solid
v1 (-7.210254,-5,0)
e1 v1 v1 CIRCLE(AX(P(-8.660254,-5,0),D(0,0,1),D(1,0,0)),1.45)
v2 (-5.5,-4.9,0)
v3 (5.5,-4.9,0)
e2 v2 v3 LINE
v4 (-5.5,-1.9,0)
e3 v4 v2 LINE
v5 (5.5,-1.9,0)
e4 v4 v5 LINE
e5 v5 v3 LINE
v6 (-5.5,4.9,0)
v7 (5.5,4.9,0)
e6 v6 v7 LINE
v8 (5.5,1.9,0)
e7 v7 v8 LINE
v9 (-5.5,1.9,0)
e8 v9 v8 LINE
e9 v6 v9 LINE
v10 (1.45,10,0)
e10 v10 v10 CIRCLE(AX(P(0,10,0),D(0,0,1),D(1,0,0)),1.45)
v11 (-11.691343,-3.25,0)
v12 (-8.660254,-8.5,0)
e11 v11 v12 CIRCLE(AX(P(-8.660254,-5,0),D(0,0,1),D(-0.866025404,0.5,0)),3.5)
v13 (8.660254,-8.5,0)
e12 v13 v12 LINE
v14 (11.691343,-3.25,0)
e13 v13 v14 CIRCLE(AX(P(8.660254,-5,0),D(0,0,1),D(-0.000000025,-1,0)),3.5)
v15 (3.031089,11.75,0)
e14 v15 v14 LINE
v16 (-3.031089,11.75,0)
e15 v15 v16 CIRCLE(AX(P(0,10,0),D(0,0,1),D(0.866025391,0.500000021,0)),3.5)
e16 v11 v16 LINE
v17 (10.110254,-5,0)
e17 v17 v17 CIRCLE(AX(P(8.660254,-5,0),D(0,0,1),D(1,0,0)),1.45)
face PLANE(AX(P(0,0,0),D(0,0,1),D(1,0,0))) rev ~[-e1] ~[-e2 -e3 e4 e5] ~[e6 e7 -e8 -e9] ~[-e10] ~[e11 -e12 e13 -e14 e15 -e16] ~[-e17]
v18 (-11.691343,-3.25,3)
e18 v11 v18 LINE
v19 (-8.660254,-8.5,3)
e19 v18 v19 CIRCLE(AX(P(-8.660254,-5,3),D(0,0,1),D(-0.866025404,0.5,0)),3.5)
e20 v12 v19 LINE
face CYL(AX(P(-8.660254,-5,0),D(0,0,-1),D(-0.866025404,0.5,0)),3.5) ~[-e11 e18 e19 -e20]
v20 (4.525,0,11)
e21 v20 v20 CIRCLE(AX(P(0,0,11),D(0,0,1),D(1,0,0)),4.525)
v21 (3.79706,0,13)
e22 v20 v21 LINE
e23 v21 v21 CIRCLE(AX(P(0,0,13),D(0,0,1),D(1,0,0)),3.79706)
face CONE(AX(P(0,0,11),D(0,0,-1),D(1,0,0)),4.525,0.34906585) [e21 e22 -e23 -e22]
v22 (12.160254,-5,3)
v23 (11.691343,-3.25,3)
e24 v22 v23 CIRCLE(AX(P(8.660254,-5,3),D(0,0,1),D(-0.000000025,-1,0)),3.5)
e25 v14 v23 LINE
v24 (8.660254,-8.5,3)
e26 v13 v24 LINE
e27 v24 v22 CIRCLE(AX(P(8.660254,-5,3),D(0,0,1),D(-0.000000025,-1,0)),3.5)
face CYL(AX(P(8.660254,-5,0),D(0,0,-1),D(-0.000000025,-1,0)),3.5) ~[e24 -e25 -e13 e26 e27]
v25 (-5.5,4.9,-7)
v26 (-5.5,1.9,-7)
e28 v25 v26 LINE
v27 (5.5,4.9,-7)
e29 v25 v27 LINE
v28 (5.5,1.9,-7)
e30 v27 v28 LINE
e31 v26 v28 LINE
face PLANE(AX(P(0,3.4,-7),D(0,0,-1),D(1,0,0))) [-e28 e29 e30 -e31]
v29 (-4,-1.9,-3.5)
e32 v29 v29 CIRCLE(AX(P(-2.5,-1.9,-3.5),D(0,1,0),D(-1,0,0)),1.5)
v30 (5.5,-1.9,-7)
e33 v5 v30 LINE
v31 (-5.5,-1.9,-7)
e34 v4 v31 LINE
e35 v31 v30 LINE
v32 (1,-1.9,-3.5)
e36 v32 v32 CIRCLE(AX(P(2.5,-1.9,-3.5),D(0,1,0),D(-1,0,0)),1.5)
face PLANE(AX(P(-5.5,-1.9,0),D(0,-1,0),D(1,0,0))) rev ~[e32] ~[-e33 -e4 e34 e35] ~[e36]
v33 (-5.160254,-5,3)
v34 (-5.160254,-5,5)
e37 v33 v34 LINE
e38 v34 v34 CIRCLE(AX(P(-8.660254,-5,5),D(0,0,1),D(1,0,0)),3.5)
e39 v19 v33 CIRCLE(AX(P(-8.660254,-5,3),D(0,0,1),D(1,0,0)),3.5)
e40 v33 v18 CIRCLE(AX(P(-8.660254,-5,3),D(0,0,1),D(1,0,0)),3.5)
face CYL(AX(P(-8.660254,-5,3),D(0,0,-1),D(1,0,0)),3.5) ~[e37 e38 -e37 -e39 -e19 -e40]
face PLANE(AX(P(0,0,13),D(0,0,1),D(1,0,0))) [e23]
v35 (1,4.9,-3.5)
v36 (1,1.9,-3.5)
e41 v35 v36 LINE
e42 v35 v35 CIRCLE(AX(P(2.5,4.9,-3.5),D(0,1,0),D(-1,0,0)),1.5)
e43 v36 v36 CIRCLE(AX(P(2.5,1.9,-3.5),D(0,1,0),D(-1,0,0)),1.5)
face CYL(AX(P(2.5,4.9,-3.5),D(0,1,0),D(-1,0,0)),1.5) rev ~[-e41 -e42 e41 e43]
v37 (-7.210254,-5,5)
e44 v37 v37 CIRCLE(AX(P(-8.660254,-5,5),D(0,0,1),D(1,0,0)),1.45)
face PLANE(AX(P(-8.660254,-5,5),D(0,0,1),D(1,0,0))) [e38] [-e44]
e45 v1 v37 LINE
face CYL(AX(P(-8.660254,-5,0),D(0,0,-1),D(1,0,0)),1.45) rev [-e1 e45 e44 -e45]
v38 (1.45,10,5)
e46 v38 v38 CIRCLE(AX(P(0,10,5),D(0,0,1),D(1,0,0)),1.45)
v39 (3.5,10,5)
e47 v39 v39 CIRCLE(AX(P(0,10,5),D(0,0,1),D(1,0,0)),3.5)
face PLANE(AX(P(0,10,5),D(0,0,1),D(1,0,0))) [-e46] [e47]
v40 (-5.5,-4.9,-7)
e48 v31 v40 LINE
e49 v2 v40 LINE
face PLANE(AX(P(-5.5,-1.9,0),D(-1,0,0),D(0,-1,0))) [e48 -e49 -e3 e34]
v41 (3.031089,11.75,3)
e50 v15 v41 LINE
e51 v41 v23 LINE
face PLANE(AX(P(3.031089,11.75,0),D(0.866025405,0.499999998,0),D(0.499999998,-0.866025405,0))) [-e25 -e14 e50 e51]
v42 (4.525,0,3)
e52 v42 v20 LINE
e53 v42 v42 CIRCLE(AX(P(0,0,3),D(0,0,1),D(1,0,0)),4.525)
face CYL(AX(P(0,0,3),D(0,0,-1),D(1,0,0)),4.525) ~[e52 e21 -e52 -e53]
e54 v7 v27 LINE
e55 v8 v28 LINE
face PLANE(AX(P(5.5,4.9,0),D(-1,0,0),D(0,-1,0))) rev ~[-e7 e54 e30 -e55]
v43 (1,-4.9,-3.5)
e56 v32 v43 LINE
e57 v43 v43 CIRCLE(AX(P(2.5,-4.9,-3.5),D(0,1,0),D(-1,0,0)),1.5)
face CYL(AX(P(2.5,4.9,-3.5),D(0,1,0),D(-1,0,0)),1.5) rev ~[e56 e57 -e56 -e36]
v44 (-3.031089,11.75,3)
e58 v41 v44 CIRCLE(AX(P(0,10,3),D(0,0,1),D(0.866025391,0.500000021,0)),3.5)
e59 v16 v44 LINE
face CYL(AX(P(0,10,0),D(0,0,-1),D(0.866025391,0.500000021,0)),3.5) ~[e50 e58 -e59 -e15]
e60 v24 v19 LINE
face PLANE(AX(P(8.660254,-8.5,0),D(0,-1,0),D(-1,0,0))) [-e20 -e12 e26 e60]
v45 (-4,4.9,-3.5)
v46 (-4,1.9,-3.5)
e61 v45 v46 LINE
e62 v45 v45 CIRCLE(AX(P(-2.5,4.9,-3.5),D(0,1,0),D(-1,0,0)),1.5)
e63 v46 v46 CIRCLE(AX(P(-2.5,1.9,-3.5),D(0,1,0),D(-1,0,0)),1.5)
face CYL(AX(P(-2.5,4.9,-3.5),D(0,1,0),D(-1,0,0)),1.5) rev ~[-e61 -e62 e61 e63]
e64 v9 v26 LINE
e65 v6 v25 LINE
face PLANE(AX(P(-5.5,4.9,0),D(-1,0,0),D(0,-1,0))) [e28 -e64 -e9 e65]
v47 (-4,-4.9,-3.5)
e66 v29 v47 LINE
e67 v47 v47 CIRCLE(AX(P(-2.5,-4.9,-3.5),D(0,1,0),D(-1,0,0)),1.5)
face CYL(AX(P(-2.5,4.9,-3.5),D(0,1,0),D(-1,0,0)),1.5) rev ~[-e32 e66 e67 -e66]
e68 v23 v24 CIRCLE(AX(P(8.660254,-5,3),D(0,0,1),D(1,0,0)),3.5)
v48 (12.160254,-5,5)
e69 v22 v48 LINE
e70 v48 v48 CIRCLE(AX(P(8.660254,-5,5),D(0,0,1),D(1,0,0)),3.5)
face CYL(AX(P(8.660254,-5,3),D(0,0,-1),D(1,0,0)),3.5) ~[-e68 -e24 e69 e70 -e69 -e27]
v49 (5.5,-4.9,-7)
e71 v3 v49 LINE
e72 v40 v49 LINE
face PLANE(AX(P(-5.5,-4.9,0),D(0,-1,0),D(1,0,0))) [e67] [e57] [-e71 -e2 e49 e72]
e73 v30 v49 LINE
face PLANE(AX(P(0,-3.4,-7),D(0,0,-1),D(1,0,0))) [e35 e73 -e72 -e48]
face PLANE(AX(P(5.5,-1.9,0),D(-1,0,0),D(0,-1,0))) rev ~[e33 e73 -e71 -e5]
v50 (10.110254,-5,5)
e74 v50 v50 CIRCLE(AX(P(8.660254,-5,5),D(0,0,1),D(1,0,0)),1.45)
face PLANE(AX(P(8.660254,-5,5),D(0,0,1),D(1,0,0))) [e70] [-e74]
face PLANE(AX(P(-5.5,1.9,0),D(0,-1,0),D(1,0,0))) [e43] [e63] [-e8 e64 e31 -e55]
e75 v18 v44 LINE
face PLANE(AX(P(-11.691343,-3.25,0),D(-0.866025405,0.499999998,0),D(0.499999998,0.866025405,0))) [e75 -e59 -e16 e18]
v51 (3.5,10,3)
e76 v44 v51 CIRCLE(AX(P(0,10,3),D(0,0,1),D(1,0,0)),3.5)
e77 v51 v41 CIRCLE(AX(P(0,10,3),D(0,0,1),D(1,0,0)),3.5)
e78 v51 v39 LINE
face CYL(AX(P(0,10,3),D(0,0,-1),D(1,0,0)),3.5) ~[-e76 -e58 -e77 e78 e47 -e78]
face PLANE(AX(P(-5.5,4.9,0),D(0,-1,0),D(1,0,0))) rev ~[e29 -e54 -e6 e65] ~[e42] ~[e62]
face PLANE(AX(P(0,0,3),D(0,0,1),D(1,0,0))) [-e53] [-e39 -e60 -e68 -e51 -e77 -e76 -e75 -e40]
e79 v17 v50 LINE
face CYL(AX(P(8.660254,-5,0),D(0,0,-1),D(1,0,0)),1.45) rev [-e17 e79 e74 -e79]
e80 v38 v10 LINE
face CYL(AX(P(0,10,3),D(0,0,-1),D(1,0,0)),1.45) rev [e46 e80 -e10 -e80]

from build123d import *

# Parameters (mm, degrees)
SKETCH_R      = 1.45
PAD_DEPTH     = 3
SKETCH001_W   = 11
SKETCH001_H   = 3
PAD001_DEPTH  = 7
SKETCH002_R   = 1.5
POCKET_DEPTH  = 9.8
SKETCH003_R   = 3.5
SKETCH003_R_2 = 1.45
PAD002_DEPTH  = 2
SKETCH004_R   = 4.525
PAD003_DEPTH  = 10
CHAMFER_ANGLE = 20
CHAMFER_SIZE  = 2


with BuildPart() as part:
    # Sketch → Pad (new body)
    with BuildSketch(Plane.XY):
        with BuildLine():
            ThreePointArc((3.031089, 11.75), (0, 13.5), (-3.031089, 11.75))
            Line((-11.691343, -3.25), (-3.031089, 11.75))
            ThreePointArc((-11.691343, -3.25), (-11.691343, -6.75), (-8.660254, -8.5))
            Line((8.660254, -8.5), (-8.660254, -8.5))
            ThreePointArc((8.660254, -8.5), (11.691343, -6.75), (11.691343, -3.25))
            Line((3.031089, 11.75), (11.691343, -3.25))
        make_face()
        with Locations((0, 10)):
            Circle(SKETCH_R, mode=Mode.SUBTRACT)
        with Locations((8.660254, -5)):
            Circle(SKETCH_R, mode=Mode.SUBTRACT)
        with Locations((-8.660254, -5)):
            Circle(SKETCH_R, mode=Mode.SUBTRACT)
    extrude(amount=PAD_DEPTH)

    # Sketch001 (on Face10 of Pad) → Pad001 (join)
    with BuildSketch(Plane(origin=(0, 0, 0), x_dir=(1, 0, 0), z_dir=(0, 0, -1))):
        with Locations((0, 3.4)):
            Rectangle(SKETCH001_W, SKETCH001_H)
        with Locations((0, -3.4)):
            Rectangle(SKETCH001_W, SKETCH001_H)
    extrude(amount=PAD001_DEPTH)

    # Sketch002 (on Face18 of Pad001) → Pocket (cut)
    with BuildSketch(Plane(origin=(0, 4.9, 0), x_dir=(-1, 0, 0), z_dir=(0, 1, 0))):
        with Locations((-2.5, -3.5)):
            Circle(SKETCH002_R)
        with Locations((2.5, -3.5)):
            Circle(SKETCH002_R)
    extrude(amount=-POCKET_DEPTH, mode=Mode.SUBTRACT)

    # Sketch003 (on Face5 of Pocket) → Pad002 (join)
    with BuildSketch(Plane.XY.offset(3)):
        with Locations((0, 10)):
            Circle(SKETCH003_R)
        with Locations((0, 10)):
            Circle(SKETCH003_R_2, mode=Mode.SUBTRACT)
        with Locations((8.660254, -5)):
            Circle(SKETCH003_R)
        with Locations((8.660254, -5)):
            Circle(SKETCH003_R_2, mode=Mode.SUBTRACT)
        with Locations((-8.660254, -5)):
            Circle(SKETCH003_R)
        with Locations((-8.660254, -5)):
            Circle(SKETCH003_R_2, mode=Mode.SUBTRACT)
    extrude(amount=PAD002_DEPTH)

    # Sketch004 (on Face4 of Pad002) → Pad003 (join)
    with BuildSketch(Plane.XY.offset(3)):
        Circle(SKETCH004_R)
    extrude(amount=PAD003_DEPTH)

    # Chamfer
    chamfer_edges = [part.edges().sort_by_distance(p)[0] for p in [
        (-4.525, 0, 13),
    ]]
    chamfer_side = part.faces().sort_by_distance((-4.525, 0, 8))[0]
    chamfer(chamfer_edges, length=CHAMFER_SIZE, angle=CHAMFER_ANGLE, reference=chamfer_side)


solid = part.part
